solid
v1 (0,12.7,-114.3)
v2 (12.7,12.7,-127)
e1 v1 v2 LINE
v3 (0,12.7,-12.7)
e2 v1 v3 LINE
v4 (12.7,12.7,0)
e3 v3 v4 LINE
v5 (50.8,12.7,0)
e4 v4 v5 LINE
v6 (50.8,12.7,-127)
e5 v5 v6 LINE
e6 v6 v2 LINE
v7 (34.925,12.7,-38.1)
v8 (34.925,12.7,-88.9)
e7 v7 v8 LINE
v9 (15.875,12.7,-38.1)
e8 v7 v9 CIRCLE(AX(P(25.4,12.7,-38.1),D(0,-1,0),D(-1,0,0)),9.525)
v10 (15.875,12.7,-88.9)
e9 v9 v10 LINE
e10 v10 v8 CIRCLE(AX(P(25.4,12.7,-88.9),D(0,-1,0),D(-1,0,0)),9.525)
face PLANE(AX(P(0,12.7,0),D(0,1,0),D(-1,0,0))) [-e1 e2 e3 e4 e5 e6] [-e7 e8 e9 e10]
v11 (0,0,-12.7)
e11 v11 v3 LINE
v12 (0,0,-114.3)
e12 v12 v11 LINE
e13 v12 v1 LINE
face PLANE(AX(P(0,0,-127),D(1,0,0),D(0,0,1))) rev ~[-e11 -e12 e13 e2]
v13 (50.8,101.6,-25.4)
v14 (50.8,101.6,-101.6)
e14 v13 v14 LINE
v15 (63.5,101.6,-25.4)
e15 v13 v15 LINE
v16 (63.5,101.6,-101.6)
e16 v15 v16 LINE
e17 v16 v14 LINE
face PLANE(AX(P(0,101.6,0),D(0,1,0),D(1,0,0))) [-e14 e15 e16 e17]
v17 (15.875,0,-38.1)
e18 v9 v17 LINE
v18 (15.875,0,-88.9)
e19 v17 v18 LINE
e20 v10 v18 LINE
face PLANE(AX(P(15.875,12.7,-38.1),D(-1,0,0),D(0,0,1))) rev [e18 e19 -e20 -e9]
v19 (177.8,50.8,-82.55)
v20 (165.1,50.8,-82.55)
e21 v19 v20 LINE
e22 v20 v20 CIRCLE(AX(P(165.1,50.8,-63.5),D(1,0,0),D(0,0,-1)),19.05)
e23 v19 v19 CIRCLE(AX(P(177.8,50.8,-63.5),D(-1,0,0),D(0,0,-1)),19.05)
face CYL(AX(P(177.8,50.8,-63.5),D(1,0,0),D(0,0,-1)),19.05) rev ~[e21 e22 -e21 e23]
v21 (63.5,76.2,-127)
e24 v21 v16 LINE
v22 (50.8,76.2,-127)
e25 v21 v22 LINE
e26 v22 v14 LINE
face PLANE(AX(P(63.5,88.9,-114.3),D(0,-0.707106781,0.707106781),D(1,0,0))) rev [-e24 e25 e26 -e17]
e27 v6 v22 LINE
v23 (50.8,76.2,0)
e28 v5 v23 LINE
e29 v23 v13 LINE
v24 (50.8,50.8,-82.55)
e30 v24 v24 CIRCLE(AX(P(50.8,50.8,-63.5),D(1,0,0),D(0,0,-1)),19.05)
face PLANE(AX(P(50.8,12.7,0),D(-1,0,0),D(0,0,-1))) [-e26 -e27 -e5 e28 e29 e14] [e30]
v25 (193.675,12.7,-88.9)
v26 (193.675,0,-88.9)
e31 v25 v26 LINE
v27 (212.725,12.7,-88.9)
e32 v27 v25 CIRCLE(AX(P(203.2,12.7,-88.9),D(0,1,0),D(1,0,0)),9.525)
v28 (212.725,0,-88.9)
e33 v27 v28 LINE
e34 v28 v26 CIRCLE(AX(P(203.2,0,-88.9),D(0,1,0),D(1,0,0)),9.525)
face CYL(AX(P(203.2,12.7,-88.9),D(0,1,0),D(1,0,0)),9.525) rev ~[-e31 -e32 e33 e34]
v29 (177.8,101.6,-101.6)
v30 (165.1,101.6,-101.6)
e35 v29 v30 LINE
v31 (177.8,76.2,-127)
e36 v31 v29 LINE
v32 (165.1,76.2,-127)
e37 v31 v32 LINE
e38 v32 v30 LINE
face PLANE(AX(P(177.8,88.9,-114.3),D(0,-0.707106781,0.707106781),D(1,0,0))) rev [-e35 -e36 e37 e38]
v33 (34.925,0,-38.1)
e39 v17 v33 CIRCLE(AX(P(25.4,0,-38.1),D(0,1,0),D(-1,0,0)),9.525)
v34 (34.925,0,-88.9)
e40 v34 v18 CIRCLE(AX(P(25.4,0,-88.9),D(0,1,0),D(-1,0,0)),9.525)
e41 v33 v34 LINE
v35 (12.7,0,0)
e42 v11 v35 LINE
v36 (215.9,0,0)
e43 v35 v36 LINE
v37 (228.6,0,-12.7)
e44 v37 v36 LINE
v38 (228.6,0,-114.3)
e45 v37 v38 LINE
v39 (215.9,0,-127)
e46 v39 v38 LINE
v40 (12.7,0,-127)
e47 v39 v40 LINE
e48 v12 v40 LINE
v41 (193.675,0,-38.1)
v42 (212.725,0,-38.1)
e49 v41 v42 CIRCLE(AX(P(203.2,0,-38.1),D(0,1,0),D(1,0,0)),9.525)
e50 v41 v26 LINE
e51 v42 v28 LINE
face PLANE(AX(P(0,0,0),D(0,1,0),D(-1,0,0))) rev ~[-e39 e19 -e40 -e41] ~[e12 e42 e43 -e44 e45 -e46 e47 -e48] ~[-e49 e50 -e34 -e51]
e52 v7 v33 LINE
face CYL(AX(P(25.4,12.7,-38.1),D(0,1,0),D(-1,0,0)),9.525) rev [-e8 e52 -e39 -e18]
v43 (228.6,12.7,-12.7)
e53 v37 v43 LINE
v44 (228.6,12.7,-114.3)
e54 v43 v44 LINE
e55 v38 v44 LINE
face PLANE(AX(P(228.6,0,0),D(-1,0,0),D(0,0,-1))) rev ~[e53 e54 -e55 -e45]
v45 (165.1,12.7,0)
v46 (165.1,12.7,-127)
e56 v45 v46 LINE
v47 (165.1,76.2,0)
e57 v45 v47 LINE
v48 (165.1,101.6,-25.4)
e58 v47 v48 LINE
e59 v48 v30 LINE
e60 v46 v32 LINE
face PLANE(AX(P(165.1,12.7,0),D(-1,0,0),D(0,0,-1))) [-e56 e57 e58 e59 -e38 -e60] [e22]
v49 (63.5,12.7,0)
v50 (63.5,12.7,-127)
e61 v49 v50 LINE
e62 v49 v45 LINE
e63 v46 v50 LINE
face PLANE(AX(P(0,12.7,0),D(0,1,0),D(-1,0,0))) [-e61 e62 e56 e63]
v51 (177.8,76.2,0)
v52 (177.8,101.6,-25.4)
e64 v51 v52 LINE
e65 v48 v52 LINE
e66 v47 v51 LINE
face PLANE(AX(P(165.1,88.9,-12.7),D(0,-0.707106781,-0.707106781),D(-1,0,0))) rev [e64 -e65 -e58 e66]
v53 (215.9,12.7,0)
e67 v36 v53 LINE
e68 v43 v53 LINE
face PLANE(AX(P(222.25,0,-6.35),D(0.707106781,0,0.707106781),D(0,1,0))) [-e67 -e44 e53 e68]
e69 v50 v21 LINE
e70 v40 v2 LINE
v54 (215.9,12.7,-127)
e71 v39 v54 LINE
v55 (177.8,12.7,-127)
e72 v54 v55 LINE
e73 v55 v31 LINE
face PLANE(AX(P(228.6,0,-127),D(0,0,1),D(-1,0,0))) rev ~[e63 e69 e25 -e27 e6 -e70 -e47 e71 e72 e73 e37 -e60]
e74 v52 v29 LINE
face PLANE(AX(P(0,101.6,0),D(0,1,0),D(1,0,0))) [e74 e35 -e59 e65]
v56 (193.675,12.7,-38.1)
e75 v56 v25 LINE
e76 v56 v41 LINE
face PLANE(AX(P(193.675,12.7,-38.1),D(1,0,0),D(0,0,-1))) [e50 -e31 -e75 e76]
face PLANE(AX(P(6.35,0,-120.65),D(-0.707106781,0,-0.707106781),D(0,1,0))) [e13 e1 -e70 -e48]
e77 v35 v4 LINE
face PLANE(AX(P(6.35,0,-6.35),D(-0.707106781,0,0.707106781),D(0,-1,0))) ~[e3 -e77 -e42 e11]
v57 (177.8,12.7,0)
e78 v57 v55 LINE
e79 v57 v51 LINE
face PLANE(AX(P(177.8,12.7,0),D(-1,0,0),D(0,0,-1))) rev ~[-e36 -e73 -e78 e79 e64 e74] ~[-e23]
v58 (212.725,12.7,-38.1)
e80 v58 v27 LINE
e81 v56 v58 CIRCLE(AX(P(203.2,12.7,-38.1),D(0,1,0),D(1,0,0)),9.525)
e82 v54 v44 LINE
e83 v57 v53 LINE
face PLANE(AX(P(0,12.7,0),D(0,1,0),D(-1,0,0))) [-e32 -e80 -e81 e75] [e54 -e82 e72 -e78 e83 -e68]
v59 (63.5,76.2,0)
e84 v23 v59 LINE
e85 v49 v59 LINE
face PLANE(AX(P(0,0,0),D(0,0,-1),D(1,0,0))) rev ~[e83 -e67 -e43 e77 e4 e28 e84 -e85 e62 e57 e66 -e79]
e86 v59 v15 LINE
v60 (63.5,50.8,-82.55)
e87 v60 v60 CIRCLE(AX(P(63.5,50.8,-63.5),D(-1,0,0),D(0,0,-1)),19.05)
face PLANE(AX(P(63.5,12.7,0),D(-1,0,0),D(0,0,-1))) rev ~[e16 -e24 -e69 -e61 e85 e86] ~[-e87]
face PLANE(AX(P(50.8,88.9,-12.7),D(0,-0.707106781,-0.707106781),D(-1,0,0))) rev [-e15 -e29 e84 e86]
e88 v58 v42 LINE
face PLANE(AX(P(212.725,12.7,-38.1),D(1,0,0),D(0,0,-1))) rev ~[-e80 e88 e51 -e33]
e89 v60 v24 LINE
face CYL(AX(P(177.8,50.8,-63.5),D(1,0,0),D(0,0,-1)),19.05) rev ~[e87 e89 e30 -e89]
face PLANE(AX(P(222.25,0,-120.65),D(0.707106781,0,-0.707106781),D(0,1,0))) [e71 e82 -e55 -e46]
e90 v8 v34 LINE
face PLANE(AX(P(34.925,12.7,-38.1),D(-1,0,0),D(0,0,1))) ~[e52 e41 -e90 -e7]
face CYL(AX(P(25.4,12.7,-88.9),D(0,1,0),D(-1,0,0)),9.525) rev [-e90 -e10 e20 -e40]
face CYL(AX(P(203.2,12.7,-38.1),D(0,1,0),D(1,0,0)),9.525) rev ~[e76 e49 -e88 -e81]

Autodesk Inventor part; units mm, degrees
ref_plane "YZ Plane" through (0, 0, 0) normal (1, 0, 0) x (0, 1, 0)
ref_plane "XZ Plane" through (0, 0, 0) normal (0, 1, 0) x (-1, 0, 0)
sketch "Sketch1" plane through (0, 0, 0) normal (0, 1, 0) x (-1, 0, 0)
  line L0 (0, 0) -> (-228.6, 0)
  line L1 (-228.6, 0) -> (-228.6, -127)
  line L2 (-228.6, -127) -> (0, -127)
  line L3 (0, -127) -> (0, 0)
  dimension "d0" = 228.6
  dimension "d1" = 127
extrude "Extrusion1" add sketch "Sketch1" along normal blind 12.7
chamfer "Chamfer1" distance 12.7 angle 45 4 edges at (0, 6.35, 0) (228.6, 6.35, 0) (228.6, 6.35, -127) (0, 6.35, -127)
sketch "Sketch2" plane through (0, 12.7, 0) normal (0, 1, 0) x (1, 0, 0)
  line L0 (12.7, 0) -> (215.9, 0) projected
  line L1 (114.3, 0) -> (63.5, 0)
  line L2 (63.5, 0) -> (63.5, 127)
  line L3 (63.5, 127) -> (114.3, 127)
  line L4 (114.3, 127) -> (114.3, 0)
  line L5 (215.9, 127) -> (12.7, 127) projected
  line L6 (63.5, 0) -> (50.8, 0)
  line L7 (50.8, 0) -> (50.8, 127)
  line L8 (50.8, 127) -> (63.5, 127)
  line L9 (63.5, 127) -> (63.5, 0)
  line L10 (114.3, 0) -> (165.1, 0)
  line L11 (165.1, 0) -> (165.1, 127)
  line L12 (165.1, 127) -> (114.3, 127)
  line L13 (114.3, 127) -> (114.3, 0)
  line L14 (165.1, 0) -> (177.8, 0)
  line L15 (177.8, 0) -> (177.8, 127)
  line L16 (177.8, 127) -> (165.1, 127)
  line L17 (165.1, 127) -> (165.1, 0)
  point P0 (0, 0)
  dimension "d7" = 50.8
  dimension "d8" = 127
  dimension "d9" = 12.7
  dimension "d10" = 50.8
  dimension "d11" = 12.7
extrude "Extrusion2" add sketch "Sketch2" along normal blind 88.9 contours L7 L5 L2 L0 | L11 L5 L15 L0
chamfer "Chamfer2" distance 25.4 angle 45 4 edges at (57.15, 101.6, 0) (57.15, 101.6, -127) (171.45, 101.6, 0) (171.45, 101.6, -127)
sketch "Sketch3" plane through (177.8, 12.7, 0) normal (1, 0, 0) x (0, 0, -1)
  line L0 (0, 0) -> (0, 63.5) projected
  line L1 (127, 0) -> (127, 63.5) projected
  line L2 (101.6, 88.9) -> (25.4, 88.9) projected
  line L3 (63.5, 88.9) -> (63.5, 38.1)
  circle A0 centre (63.5, 38.1) radius 19.05
  point P0 (0, -12.7)
  dimension "d17" = 50.8
  dimension "d18" = 38.1
extrude "Extrusion3" cut sketch "Sketch3" against normal through all
sketch "Sketch6" plane through (0, 12.7, 0) normal (0, 1, 0) x (1, 0, 0)
  arc A0 (207.9625, 88.9) -> (198.4375, 88.9) centre (203.2, 88.9) ccw projected
  circle A1 centre (203.2, 88.9) radius 9.525
  arc A2 (198.4375, 38.1) -> (207.9625, 38.1) centre (203.2, 38.1) ccw projected
  circle A3 centre (203.2, 38.1) radius 9.525
  line L0 (193.675, 38.1) -> (193.675, 88.9)
  line L1 (212.725, 38.1) -> (212.725, 88.9)
  point P0 (0, 0)
  dimension "d31" = 19.05
  dimension "d32" = 19.05
extrude "Extrusion5" cut sketch "Sketch6" against normal blind 25.4
ref_plane "Work Plane1" through (114.3, 0, -114.3) normal (-1, 0, 0) x (0, 0, 1)
mirror "Mirror1" about plane through (114.3, 0, -114.3) normal (-1, 0, 0) of "Extrusion5"
properties part number "Block3" material "Aluminum 6061"
